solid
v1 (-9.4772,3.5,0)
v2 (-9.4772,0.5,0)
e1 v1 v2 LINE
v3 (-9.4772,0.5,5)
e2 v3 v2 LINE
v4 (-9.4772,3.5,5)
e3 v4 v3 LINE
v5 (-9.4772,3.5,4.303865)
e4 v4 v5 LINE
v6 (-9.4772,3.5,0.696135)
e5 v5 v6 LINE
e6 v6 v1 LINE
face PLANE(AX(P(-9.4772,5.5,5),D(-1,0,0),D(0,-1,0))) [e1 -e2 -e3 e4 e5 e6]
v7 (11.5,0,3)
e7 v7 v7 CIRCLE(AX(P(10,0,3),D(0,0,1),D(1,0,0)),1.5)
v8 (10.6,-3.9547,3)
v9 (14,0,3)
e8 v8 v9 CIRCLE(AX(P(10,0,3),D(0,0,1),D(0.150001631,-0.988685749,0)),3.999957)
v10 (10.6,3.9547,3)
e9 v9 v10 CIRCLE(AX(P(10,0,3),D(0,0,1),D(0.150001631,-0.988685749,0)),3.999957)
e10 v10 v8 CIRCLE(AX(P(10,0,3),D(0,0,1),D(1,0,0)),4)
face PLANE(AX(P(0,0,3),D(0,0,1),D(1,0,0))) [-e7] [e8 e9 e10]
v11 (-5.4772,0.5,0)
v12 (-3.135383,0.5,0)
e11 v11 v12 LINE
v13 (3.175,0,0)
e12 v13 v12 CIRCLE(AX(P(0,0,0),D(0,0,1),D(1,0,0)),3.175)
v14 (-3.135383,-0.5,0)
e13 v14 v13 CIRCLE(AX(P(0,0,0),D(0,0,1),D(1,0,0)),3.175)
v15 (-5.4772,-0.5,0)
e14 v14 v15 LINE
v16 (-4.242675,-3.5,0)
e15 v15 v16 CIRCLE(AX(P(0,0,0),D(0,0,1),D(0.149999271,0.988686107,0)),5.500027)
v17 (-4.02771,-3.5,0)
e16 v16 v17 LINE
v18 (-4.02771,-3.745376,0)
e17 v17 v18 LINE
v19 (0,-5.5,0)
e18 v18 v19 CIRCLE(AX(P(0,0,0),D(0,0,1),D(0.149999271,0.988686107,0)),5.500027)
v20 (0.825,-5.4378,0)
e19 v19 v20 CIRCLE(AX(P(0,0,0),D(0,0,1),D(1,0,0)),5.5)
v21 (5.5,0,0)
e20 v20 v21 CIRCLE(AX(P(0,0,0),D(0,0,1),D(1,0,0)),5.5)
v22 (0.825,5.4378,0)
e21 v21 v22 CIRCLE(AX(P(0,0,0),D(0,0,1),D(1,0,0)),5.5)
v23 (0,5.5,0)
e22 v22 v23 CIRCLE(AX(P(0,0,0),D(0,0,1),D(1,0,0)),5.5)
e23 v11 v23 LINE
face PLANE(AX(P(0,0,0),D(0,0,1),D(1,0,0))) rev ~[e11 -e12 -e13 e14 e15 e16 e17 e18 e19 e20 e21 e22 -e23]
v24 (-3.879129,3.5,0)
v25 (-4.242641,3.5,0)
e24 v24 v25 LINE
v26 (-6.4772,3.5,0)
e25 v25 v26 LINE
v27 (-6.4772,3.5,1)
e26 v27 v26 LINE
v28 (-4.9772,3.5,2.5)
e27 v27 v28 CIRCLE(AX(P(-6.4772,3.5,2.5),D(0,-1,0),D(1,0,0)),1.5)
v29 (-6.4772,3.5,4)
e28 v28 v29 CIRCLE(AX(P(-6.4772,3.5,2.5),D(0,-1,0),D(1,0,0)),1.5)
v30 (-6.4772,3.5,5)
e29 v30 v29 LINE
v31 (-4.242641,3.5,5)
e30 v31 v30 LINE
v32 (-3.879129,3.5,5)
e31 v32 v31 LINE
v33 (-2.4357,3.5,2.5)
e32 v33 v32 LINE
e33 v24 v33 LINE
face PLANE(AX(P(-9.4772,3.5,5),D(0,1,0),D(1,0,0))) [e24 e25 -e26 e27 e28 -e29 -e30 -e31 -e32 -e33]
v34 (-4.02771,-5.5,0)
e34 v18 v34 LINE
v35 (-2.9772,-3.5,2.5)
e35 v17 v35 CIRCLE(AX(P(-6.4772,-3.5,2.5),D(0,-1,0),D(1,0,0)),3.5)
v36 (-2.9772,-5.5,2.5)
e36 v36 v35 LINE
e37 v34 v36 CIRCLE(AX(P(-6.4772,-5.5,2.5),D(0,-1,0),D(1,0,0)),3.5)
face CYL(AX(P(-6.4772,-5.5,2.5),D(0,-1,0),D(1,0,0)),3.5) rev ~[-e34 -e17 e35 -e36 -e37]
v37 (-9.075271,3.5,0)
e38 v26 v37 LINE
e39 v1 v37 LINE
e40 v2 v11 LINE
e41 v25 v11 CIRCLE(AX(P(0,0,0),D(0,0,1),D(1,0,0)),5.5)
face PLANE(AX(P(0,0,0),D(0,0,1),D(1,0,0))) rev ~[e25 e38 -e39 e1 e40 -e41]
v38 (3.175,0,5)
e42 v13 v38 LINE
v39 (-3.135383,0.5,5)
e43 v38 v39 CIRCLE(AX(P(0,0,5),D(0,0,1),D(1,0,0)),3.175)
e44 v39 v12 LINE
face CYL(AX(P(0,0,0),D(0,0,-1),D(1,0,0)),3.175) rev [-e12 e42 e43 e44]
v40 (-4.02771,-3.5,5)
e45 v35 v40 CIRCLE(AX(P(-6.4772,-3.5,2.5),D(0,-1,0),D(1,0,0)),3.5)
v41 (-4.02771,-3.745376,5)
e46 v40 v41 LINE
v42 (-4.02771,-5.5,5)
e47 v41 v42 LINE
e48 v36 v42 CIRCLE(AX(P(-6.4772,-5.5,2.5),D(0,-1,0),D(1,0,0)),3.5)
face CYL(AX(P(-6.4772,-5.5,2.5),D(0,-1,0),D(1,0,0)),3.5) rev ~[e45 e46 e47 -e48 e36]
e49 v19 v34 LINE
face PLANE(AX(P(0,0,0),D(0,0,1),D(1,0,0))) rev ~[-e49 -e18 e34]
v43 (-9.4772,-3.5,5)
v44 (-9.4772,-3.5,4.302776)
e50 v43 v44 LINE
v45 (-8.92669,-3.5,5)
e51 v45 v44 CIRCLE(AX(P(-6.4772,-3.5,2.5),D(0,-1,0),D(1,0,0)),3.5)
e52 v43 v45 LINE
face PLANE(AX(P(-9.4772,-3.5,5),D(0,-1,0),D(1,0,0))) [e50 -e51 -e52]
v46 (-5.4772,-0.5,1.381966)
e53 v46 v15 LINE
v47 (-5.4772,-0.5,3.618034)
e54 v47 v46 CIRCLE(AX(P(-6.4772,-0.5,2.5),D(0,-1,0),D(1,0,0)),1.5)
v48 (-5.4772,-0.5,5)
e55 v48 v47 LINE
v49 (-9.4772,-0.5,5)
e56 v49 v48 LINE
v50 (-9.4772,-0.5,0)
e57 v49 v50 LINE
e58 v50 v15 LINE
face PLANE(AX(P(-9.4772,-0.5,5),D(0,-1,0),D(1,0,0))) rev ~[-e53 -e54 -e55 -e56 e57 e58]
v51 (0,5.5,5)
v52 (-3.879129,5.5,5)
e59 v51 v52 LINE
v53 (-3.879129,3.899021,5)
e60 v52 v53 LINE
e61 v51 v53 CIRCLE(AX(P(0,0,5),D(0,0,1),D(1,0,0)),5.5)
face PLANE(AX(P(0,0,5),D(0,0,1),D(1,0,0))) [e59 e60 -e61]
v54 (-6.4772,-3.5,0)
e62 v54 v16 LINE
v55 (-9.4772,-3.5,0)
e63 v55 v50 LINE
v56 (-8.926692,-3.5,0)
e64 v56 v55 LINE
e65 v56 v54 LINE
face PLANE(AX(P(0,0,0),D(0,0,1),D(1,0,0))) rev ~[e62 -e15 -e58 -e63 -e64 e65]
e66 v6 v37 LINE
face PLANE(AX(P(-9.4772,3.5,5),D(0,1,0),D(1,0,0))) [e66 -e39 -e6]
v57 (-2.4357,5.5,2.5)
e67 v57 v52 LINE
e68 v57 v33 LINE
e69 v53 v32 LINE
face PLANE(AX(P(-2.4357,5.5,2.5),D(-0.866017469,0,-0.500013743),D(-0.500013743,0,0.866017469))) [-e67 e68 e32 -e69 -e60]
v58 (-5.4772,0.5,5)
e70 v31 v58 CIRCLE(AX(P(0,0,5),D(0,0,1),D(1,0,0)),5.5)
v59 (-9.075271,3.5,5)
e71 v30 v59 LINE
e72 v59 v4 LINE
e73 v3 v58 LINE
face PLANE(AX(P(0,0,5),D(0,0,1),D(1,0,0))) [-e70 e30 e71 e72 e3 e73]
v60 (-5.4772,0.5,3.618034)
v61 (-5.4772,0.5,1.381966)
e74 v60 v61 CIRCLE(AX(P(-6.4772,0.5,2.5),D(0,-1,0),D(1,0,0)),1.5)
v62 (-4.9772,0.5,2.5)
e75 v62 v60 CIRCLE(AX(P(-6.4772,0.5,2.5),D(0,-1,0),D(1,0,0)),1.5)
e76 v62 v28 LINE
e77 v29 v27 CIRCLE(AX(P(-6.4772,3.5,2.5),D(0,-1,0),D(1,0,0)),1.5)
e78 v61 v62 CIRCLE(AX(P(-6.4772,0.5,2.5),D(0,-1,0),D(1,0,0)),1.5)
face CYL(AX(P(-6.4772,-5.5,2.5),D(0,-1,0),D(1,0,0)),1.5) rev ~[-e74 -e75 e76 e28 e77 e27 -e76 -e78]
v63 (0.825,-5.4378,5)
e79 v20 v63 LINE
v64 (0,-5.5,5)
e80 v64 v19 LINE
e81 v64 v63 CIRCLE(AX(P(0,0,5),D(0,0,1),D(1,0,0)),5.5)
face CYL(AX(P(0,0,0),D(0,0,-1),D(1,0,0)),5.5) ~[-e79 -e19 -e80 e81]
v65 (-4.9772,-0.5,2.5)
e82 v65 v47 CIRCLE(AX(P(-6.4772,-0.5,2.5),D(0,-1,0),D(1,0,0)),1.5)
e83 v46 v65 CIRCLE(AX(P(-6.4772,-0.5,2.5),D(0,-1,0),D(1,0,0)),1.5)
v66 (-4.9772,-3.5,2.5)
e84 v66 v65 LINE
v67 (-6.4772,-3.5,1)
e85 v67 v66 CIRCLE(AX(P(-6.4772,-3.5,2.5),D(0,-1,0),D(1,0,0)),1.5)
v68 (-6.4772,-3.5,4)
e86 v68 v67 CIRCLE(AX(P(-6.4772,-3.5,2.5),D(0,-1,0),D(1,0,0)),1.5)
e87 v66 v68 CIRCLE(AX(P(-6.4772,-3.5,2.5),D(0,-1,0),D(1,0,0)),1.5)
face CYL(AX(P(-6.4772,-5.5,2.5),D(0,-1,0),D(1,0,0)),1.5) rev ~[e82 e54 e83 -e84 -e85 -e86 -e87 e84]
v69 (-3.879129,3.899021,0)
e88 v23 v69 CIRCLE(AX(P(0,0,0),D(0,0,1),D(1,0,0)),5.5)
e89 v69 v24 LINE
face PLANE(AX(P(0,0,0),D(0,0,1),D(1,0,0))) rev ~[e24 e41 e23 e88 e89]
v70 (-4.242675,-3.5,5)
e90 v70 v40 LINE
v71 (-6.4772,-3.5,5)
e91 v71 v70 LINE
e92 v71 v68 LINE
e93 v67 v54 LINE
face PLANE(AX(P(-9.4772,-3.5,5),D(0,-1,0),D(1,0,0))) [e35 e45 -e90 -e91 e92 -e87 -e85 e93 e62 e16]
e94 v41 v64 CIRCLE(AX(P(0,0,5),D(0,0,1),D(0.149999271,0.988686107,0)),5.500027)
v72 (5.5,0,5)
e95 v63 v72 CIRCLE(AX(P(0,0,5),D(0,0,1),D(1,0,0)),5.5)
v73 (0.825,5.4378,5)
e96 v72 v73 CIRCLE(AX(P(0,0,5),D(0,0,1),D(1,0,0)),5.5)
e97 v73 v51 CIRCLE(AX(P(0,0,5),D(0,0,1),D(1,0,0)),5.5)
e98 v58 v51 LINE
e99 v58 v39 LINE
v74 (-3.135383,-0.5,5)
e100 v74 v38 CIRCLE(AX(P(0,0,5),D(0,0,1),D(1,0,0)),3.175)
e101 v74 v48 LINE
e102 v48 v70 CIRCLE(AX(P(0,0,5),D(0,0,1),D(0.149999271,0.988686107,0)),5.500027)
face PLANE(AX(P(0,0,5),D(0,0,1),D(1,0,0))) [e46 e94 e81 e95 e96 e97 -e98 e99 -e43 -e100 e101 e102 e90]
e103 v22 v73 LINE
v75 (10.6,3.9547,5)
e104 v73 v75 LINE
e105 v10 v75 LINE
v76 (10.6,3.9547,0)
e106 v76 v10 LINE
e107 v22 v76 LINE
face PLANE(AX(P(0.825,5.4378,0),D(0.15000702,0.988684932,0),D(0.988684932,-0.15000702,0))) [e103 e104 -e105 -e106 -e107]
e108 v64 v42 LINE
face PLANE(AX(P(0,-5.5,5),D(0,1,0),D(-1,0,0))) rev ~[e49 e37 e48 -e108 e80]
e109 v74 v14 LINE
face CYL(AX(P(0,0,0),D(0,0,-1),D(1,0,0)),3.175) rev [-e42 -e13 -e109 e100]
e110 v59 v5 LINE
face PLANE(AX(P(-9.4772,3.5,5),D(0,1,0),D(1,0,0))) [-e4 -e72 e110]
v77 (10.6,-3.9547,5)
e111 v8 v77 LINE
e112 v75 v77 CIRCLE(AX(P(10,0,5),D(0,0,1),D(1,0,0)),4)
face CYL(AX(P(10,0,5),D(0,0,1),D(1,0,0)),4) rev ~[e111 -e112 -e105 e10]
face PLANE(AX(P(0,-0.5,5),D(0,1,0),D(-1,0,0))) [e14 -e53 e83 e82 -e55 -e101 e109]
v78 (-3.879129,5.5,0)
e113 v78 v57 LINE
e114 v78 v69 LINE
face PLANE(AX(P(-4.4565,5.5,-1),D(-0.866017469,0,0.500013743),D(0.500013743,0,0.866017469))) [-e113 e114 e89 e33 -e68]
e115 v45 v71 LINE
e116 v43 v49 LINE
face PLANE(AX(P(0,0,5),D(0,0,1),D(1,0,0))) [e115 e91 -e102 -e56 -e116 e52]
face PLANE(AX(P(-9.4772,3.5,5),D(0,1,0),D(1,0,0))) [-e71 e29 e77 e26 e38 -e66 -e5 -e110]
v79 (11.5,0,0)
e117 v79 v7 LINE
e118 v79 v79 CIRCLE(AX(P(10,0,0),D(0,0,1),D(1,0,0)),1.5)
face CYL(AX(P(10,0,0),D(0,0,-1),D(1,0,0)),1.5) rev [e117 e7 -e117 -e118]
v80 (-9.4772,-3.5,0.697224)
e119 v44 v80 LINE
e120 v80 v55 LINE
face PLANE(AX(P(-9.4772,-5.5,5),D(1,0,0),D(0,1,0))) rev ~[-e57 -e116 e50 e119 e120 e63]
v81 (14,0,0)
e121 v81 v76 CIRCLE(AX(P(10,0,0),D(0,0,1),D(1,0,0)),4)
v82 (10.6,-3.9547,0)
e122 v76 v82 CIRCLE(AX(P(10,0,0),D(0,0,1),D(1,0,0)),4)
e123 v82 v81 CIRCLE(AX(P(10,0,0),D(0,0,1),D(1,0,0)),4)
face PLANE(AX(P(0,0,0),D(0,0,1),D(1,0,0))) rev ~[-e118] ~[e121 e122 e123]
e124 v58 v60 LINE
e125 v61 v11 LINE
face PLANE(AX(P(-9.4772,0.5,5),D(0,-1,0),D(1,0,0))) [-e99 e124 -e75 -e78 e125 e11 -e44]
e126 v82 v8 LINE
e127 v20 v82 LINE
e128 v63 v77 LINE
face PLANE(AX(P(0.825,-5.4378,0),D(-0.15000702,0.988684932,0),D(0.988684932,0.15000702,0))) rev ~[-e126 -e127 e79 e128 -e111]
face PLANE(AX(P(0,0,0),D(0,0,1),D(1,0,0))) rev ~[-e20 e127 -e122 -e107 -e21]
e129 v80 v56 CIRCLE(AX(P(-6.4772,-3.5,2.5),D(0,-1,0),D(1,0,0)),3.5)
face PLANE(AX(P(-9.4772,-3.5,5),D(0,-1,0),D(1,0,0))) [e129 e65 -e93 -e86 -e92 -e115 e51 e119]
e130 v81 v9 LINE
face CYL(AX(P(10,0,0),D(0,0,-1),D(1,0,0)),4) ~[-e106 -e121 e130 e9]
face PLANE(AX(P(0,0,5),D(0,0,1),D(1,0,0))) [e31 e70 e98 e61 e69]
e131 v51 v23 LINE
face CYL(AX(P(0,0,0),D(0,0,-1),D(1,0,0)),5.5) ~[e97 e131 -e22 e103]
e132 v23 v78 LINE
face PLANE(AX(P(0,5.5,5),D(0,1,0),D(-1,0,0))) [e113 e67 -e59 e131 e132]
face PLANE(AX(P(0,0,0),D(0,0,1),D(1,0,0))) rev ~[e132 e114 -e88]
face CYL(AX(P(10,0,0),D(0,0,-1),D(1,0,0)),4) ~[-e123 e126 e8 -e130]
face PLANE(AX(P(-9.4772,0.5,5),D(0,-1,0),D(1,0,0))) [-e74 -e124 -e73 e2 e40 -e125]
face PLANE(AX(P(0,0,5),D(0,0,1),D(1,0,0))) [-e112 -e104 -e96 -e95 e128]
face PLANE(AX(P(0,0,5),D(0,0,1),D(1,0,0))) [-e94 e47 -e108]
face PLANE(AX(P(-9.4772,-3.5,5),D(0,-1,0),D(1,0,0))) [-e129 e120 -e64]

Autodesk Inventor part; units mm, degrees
ref_plane "YZ Plane" through (0, 0, 0) normal (1, 0, 0) x (0, 1, 0)
ref_plane "XZ Plane" through (0, 0, 0) normal (0, 1, 0) x (-1, 0, 0)
ref_plane "XY Plane" through (0, 0, 0) normal (0, 0, 1) x (1, 0, 0)
sketch "Sketch1" plane through (0, 0, 0) normal (0, 0, 1) x (1, 0, 0)
  circle A0 centre (0, 0) radius 3.175
  circle A1 centre (0, 0) radius 5.5
  circle A2 centre (10, 0) radius 4
  line L0 (0.825, 5.4378) -> (10.6, 3.9547)
  line L1 (0.825, -5.4378) -> (10.6, -3.9547)
  circle A3 centre (10, 0) radius 1.5
  dimension "d0" = 6.35
  dimension "d1" = 11
  dimension "d2" = 8
  dimension "d3" = 10
  dimension "d4" = 3
extrude "Extrusion1" add sketch "Sketch1" along normal blind 5
sketch "Sketch2" plane through (0, 0, 5) normal (0, 0, 1) x (1, 0, 0)
  arc A0 (0.825, 5.4378) -> (0.825, -5.4378) centre (0, 0) ccw projected
  line L0 (0, -5.5) -> (-9.4772, -5.5)
  line L1 (-9.4772, -5.5) -> (-9.4772, -0.5)
  line L2 (-9.4772, -0.5) -> (-5.4772, -0.5)
  line L3 (-5.4772, -0.5) -> (0, -5.5)
  line L4 (0, 5.5) -> (-9.4772, 5.5)
  line L5 (-9.4772, 5.5) -> (-9.4772, 0.5)
  line L6 (-9.4772, 0.5) -> (-5.4772, 0.5)
  line L7 (-5.4772, 0.5) -> (0, 5.5)
  line L8 (-7.4772, -0.5) -> (-7.4772, 0.5) construction
  point P0 (-7.4772, 0)
  dimension "d7" = 1
  dimension "d8" = 4
extrude "Extrusion2" add sketch "Sketch2" against normal blind 5 contours L7 A0 | A0 L6 L5 L4 | A0 L0 L1 L2
sketch "Sketch3" plane through (-9.4772, -5.5, 5) normal (0, -1, 0) x (1, 0, 0)
  line L0 (0, 0) -> (4, 0) construction
  line L1 (0, 0) -> (0, -5) construction
  line L2 (4, -5) -> (0, -5) construction
  line L3 (4, 0) -> (4, -5) construction
  line L4 (0, 0) -> (4, 0) construction
  line L5 (2, 0) -> (2, -5) construction
  circle A0 centre (3, -2.5) radius 1.5
  point P0 (9.4772, -5)
  point P1 (2, -2.5)
  dimension "d11" = 3
  dimension "d12" = 1
extrude "Extrusion3" cut sketch "Sketch3" against normal through all
sketch "Sketch4" plane through (0, 0, 5) normal (0, 0, 1) x (1, 0, 0)
  line L0 (-9.4772, 0.5) -> (0, 0.5)
  line L1 (0, 0.5) -> (0, -0.5)
  line L2 (0, -0.5) -> (-9.4772, -0.5)
  line L3 (-9.4772, -0.5) -> (-9.4772, 0.5)
  point P0 (0, 0)
  point P1 (0, 0)
extrude "Extrusion4" cut sketch "Sketch4" against normal through all
sketch "Sketch5" plane through (-9.4772, 5.5, 5) normal (0, 1, 0) x (1, 0, 0)
  circle A0 centre (3, 2.5) radius 1.5 projected
  line L0 (7.0415, 2.5) -> (5.0207, -1)
  line L1 (5.0207, -1) -> (0.9793, -1)
  line L2 (0.9793, -1) -> (-1.0415, 2.5)
  line L3 (-1.0415, 2.5) -> (0.9793, 6)
  line L4 (0.9793, 6) -> (5.0207, 6)
  line L5 (5.0207, 6) -> (7.0415, 2.5)
  point P0 (9.4772, 5)
  dimension "d17" = 7
extrude "Extrusion5" cut sketch "Sketch5" against normal blind 2 contours A0 | L0 L1 L2 L3 L4 L5
sketch "Sketch6" plane through (-9.4772, -5.5, 5) normal (0, -1, 0) x (1, 0, 0)
  circle A0 centre (3, -2.5) radius 1.5 projected
  circle A1 centre (3, -2.5) radius 3.5
  point P0 (9.4772, -5)
  dimension "d20" = 7
extrude "Extrusion6" cut sketch "Sketch6" against normal blind 2 contours A0 | A1
sketch "Sketch7" plane through (0, 0, 5) normal (0, 0, 1) x (1, 0, 0)
  circle A0 centre (10, 0) radius 1.5 projected
  arc A1 (10.6, -3.9547) -> (10.6, 3.9547) centre (10, 0) ccw projected
  circle A2 centre (10, 0) radius 4
  point P0 (0, 0)
extrude "Extrusion7" cut sketch "Sketch7" against normal blind 2
sketch "Sketch8" plane through (-9.4772, -3.5, 5) normal (0, -1, 0) x (1, 0, 0)
  line L0 (5.4495, -5) -> (0.5505, -5) projected
  line L1 (0, 0) -> (0, -5) projected
  line L2 (3, -5) -> (0, -5)
  line L3 (0, -5) -> (0, 0)
  line L4 (0, 0) -> (3, 0)
  line L5 (3, 0) -> (3, -5)
  point P0 (9.4772, -5)
extrude "Extrusion8" cut sketch "Sketch8" along normal through all
sketch "Sketch9" plane through (-9.4772, 3.5, 5) normal (0, 1, 0) x (1, 0, 0)
  circle A0 centre (3, 2.5) radius 1.5 projected
  line L0 (5.5981, 0) -> (0.4019, 0) projected
  line L1 (0, 0) -> (0, 5) projected
  line L2 (3, 0) -> (0, 0)
  line L3 (0, 0) -> (0, 5)
  line L4 (0, 5) -> (3, 5)
  line L5 (3, 5) -> (3, 0)
  point P0 (9.4772, 5)
extrude "Extrusion9" cut sketch "Sketch9" along normal through all contours L5 A0 | A0 L5 L0 L2 L1 L4 picked at (2.8803, 2.0145)
properties part number "TA08" material "ABS Plastic"
